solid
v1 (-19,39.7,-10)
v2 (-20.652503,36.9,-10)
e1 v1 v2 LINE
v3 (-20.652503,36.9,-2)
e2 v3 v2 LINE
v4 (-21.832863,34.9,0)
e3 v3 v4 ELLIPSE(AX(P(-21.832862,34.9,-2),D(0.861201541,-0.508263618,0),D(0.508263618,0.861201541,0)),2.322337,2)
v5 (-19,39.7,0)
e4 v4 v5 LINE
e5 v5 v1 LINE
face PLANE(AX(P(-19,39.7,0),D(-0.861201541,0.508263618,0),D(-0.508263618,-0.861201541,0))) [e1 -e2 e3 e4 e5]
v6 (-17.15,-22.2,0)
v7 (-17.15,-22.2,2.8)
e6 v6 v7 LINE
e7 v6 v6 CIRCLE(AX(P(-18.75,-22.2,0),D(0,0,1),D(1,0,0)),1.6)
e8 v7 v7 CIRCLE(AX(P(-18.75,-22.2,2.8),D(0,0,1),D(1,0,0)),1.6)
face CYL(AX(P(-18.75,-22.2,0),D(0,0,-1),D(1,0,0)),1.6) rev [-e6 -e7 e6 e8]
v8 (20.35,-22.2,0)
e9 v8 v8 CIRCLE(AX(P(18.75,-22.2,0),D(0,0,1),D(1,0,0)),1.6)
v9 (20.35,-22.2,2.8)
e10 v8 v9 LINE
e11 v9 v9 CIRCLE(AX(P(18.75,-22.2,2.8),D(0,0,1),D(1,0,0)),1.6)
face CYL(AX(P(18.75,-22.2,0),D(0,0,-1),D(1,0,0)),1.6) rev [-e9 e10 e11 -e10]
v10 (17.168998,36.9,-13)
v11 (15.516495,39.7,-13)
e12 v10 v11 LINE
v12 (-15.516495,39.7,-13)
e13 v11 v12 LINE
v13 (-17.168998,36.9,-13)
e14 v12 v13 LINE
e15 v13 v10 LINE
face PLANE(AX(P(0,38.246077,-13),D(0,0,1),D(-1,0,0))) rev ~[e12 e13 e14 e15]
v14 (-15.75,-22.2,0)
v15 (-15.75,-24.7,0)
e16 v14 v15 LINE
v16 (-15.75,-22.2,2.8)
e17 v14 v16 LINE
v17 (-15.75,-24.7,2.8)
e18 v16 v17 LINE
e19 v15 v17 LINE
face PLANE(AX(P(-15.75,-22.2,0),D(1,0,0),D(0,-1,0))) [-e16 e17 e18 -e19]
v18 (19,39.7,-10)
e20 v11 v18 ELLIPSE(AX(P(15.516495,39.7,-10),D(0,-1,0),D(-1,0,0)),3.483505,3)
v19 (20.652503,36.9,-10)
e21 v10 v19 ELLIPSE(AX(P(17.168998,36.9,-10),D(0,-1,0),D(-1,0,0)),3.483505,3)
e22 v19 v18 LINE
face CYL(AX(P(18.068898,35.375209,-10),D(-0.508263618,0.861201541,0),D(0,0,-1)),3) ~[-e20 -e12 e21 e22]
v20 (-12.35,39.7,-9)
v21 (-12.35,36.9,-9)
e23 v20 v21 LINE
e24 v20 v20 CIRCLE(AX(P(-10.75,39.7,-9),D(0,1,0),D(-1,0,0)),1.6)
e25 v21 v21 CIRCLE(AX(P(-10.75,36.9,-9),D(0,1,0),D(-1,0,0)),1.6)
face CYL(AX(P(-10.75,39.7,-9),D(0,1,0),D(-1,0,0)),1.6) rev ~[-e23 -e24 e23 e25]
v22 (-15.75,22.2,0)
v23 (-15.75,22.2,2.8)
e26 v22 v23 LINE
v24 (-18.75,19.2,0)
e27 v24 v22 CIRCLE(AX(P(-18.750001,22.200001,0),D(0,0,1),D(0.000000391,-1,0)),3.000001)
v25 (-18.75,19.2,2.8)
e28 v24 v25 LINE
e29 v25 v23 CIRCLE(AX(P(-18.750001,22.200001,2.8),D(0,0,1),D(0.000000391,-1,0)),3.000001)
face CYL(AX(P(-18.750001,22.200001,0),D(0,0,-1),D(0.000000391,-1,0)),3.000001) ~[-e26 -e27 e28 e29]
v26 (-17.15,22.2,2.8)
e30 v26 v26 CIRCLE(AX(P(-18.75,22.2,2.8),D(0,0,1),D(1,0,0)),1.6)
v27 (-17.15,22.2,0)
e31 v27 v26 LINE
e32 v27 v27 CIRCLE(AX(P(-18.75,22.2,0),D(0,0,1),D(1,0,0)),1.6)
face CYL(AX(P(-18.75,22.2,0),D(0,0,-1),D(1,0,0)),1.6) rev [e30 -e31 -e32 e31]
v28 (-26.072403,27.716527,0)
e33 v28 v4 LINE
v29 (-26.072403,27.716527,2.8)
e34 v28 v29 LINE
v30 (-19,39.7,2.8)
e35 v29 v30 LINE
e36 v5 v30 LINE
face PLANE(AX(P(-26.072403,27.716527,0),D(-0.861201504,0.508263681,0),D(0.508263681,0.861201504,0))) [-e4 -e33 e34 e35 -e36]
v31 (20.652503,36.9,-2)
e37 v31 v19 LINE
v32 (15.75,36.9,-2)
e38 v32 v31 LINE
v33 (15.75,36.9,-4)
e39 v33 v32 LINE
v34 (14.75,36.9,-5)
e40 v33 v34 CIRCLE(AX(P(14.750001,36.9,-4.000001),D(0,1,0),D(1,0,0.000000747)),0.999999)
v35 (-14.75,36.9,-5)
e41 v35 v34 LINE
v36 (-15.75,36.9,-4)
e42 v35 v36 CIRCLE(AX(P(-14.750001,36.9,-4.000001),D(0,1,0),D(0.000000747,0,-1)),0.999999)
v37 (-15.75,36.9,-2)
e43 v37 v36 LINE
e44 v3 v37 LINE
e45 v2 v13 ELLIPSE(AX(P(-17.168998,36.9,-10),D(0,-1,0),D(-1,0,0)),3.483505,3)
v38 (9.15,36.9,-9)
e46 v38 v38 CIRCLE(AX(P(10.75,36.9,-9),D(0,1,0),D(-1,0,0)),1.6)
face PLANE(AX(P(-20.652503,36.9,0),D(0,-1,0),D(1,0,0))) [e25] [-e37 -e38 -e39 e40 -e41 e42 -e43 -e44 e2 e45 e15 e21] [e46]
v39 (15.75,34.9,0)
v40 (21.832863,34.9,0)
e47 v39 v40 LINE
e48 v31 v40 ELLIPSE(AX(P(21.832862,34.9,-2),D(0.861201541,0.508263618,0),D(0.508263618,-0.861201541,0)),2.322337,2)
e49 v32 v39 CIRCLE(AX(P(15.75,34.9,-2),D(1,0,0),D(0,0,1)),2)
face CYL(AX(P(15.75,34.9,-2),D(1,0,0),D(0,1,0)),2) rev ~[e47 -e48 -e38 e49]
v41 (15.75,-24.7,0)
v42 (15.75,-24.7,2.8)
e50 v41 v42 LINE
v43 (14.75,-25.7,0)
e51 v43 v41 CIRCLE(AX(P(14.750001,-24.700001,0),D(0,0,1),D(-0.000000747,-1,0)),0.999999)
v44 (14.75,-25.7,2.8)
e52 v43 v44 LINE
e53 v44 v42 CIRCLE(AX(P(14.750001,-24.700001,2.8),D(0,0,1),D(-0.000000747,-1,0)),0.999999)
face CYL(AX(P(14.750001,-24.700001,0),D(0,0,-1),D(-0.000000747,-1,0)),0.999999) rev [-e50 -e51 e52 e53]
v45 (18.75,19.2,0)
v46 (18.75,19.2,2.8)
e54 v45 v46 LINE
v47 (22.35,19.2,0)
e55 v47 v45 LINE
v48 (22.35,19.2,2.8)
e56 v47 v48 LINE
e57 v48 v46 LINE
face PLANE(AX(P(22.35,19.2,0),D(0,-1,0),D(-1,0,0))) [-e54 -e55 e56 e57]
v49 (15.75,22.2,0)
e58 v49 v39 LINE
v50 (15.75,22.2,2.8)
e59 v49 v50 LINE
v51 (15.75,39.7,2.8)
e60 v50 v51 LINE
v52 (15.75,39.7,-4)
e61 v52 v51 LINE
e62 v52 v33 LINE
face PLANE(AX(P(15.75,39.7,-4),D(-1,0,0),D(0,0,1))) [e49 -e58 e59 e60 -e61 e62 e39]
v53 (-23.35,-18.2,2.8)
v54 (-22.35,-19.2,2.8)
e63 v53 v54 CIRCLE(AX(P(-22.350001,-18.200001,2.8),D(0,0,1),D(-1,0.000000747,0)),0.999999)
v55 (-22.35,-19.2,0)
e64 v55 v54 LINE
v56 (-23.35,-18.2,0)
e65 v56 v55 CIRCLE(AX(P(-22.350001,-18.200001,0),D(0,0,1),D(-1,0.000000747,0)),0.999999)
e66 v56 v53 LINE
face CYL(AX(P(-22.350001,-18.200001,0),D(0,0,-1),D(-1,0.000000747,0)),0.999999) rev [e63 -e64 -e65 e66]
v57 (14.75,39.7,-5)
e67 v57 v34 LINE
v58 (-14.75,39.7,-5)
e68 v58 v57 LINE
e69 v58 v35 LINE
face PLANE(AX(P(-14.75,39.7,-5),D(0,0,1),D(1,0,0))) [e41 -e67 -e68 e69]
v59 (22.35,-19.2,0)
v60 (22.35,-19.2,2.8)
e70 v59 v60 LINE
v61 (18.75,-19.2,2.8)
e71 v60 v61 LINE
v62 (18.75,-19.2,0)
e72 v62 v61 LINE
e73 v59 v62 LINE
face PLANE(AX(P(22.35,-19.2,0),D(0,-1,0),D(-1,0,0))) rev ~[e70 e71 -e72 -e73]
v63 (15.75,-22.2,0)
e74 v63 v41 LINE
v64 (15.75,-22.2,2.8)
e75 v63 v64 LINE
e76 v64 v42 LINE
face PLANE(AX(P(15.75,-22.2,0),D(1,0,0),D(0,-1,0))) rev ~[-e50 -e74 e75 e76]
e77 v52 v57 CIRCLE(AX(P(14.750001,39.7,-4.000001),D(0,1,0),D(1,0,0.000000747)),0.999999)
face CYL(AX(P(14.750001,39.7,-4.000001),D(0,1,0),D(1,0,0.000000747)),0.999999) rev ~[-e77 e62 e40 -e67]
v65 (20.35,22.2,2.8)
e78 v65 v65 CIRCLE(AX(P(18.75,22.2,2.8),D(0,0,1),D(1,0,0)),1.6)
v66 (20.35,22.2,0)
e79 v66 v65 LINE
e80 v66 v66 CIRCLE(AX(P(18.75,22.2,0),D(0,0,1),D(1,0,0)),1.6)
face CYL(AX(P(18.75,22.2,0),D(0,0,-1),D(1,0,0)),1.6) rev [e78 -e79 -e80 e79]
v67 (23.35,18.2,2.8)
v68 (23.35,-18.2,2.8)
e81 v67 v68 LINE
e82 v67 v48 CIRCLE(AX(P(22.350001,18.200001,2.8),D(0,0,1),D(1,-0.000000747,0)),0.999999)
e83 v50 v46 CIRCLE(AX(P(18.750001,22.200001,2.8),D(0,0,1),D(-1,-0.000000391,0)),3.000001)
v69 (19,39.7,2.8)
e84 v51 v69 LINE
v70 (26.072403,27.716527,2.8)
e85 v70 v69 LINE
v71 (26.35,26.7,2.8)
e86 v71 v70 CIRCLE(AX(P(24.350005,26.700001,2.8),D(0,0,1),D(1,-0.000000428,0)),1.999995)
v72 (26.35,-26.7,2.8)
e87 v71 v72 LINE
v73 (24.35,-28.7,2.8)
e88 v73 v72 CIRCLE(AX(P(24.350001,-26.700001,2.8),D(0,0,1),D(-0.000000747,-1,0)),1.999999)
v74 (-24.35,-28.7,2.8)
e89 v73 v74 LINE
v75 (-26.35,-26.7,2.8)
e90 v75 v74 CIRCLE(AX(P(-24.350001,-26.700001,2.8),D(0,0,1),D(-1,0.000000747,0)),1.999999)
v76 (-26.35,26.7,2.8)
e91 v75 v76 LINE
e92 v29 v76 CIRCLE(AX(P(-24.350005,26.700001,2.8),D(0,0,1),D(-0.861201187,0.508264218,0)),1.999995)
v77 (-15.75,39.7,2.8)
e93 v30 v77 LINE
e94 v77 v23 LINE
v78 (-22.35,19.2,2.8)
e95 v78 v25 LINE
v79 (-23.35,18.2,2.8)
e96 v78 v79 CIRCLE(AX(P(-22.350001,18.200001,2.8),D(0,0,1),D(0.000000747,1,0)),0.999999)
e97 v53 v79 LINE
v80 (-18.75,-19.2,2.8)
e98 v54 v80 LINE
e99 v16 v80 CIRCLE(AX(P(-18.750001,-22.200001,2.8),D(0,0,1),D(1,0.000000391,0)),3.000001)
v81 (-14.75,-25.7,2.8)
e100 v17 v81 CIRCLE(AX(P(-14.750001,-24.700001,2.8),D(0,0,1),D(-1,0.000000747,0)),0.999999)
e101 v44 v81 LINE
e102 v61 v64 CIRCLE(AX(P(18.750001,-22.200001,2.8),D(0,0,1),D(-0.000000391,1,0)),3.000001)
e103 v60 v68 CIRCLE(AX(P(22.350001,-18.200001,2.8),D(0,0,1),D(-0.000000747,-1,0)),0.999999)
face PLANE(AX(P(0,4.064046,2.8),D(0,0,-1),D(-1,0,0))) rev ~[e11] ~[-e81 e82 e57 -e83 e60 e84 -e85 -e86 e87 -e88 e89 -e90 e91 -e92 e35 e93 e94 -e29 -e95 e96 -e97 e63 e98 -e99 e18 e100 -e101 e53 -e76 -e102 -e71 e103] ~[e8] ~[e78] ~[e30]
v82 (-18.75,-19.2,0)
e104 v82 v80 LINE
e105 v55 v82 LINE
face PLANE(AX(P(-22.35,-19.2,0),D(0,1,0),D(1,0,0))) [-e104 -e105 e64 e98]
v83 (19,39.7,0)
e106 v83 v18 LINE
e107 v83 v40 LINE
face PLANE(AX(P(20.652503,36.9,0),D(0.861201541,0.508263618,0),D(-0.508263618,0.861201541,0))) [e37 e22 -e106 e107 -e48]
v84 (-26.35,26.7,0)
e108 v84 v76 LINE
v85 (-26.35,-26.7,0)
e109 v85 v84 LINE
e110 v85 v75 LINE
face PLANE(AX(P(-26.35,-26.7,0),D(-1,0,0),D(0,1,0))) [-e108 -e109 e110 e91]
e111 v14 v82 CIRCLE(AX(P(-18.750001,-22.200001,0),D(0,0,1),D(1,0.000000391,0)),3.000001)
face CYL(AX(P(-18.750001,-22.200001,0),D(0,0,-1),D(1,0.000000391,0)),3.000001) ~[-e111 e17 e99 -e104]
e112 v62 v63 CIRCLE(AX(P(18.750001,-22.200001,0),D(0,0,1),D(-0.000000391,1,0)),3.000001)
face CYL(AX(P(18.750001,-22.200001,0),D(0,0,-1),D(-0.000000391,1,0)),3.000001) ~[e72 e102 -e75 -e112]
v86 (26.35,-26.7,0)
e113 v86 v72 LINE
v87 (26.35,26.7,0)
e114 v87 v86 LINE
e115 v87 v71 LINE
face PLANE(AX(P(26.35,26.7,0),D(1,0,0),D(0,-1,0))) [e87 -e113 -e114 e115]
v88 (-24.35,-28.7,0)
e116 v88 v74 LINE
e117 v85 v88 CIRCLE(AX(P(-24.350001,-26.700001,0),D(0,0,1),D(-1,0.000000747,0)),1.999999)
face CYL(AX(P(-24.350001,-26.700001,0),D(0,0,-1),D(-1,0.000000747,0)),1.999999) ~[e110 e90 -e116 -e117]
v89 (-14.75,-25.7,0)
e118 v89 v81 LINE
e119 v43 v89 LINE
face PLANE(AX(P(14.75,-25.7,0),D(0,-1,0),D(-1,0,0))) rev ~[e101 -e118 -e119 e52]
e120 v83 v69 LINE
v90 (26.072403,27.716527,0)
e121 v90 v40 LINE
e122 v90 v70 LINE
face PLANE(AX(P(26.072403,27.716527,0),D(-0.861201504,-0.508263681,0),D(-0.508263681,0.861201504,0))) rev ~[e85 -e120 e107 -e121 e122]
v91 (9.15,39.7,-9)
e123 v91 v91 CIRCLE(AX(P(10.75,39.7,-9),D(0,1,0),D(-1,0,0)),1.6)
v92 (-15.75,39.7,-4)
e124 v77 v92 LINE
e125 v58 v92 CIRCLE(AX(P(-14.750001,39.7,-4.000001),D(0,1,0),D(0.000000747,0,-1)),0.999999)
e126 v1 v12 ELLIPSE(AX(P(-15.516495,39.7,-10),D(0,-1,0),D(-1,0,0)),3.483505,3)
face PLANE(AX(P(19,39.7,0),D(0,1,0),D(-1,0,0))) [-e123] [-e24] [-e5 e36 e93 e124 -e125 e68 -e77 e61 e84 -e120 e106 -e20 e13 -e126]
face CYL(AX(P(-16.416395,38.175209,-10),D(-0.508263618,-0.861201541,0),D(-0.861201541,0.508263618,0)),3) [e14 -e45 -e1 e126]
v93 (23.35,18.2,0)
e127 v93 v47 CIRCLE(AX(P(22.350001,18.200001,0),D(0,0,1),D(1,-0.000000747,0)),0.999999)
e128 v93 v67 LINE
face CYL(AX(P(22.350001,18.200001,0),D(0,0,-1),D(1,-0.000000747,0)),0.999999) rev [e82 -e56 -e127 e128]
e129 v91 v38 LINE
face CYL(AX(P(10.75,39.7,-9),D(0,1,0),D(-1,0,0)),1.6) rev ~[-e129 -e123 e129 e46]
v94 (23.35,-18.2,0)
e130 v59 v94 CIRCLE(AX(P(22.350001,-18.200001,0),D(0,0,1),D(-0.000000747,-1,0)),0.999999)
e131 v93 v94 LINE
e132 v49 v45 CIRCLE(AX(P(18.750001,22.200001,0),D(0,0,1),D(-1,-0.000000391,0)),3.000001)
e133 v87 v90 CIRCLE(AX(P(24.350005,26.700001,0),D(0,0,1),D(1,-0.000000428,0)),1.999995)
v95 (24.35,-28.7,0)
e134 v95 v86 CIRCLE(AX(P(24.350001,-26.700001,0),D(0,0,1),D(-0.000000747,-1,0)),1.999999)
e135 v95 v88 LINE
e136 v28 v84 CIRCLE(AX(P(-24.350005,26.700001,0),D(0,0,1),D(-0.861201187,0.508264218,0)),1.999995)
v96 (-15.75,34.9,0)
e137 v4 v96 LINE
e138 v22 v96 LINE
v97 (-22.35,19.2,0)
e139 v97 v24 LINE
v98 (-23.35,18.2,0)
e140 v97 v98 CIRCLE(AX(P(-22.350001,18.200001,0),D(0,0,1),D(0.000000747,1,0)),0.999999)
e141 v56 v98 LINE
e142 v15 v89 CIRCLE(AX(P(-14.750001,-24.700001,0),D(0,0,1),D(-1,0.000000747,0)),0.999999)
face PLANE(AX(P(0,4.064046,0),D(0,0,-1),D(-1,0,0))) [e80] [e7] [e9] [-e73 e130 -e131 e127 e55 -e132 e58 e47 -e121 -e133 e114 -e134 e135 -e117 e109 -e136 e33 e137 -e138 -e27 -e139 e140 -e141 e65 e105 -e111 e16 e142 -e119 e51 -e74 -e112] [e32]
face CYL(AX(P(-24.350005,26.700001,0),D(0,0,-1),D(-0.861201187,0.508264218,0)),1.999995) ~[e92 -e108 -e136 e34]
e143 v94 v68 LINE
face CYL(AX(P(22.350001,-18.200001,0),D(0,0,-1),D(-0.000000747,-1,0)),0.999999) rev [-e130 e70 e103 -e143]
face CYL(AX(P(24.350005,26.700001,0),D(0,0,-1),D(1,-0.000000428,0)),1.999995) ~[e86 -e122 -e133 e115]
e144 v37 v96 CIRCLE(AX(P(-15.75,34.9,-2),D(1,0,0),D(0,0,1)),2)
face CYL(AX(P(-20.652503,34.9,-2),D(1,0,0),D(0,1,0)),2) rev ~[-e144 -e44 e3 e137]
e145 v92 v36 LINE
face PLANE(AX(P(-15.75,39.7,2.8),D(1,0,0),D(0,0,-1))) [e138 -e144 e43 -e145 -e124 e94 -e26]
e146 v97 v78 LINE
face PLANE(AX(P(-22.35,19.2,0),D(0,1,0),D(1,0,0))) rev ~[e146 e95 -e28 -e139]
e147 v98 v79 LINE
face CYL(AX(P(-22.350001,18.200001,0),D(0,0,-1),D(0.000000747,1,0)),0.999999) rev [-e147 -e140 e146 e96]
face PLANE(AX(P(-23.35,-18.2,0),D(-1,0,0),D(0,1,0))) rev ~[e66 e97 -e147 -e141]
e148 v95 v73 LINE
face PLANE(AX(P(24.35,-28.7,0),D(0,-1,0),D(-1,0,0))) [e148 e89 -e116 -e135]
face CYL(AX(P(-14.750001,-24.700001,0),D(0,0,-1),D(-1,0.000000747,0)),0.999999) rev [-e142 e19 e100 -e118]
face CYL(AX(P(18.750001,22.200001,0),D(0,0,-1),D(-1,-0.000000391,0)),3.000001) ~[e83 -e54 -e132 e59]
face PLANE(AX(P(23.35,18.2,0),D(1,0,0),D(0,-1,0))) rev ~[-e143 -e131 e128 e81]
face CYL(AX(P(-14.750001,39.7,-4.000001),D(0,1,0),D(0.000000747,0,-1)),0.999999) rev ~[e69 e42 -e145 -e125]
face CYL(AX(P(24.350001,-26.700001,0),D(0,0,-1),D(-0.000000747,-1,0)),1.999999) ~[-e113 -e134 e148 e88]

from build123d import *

# Parameters (mm, degrees)
SKETCH_R     = 1.6
PAD_DEPTH    = 2.8
PAD001_DEPTH = 13
FILLET_R     = 2
SKETCH002_R  = 1.6
HOLE_DEPTH   = 68.401
FILLET001_R  = 3
POCKET_DEPTH = 2.8


with BuildPart() as part:
    # Sketch → Pad (new body)
    with BuildSketch(Plane.XY):
        with BuildLine():
            Line((26.35, 26.7), (26.35, -26.7))
            ThreePointArc((24.35, -28.7), (25.764214, -28.114214), (26.35, -26.7))
            Line((24.35, -28.7), (-24.35, -28.7))
            ThreePointArc((-26.35, -26.7), (-25.764214, -28.114214), (-24.35, -28.7))
            Line((-26.35, -26.7), (-26.35, 26.7))
            ThreePointArc((-26.072403, 27.716527), (-26.279353, 27.226875), (-26.35, 26.7))
            Line((-26.072403, 27.716527), (-19, 39.7))
            Line((-19, 39.7), (19, 39.7))
            Line((26.072403, 27.716527), (19, 39.7))
            ThreePointArc((26.35, 26.7), (26.279353, 27.226875), (26.072403, 27.716527))
        make_face()
        with Locations((-18.75, -22.2)):
            Circle(SKETCH_R, mode=Mode.SUBTRACT)
        with Locations((18.75, -22.2)):
            Circle(SKETCH_R, mode=Mode.SUBTRACT)
        with Locations((18.75, 22.2)):
            Circle(SKETCH_R, mode=Mode.SUBTRACT)
        with Locations((-18.75, 22.2)):
            Circle(SKETCH_R, mode=Mode.SUBTRACT)
        with BuildLine():
            Line((-15.75, 36.9), (15.75, 36.9))
            Line((15.75, 22.2), (15.75, 36.9))
            ThreePointArc((15.75, 22.2), (16.62868, 20.07868), (18.75, 19.2))
            Line((22.35, 19.2), (18.75, 19.2))
            ThreePointArc((23.35, 18.2), (23.057107, 18.907107), (22.35, 19.2))
            Line((23.35, 18.2), (23.35, -18.2))
            ThreePointArc((22.35, -19.2), (23.057107, -18.907107), (23.35, -18.2))
            Line((22.35, -19.2), (18.75, -19.2))
            ThreePointArc((18.75, -19.2), (16.62868, -20.07868), (15.75, -22.2))
            Line((15.75, -22.2), (15.75, -24.7))
            ThreePointArc((14.75, -25.7), (15.457107, -25.407107), (15.75, -24.7))
            Line((14.75, -25.7), (-14.75, -25.7))
            ThreePointArc((-15.75, -24.7), (-15.457107, -25.407107), (-14.75, -25.7))
            Line((-15.75, -22.2), (-15.75, -24.7))
            ThreePointArc((-15.75, -22.2), (-16.62868, -20.07868), (-18.75, -19.2))
            Line((-22.35, -19.2), (-18.75, -19.2))
            ThreePointArc((-23.35, -18.2), (-23.057107, -18.907107), (-22.35, -19.2))
            Line((-23.35, -18.2), (-23.35, 18.2))
            ThreePointArc((-22.35, 19.2), (-23.057107, 18.907107), (-23.35, 18.2))
            Line((-22.35, 19.2), (-18.75, 19.2))
            ThreePointArc((-18.75, 19.2), (-16.62868, 20.07868), (-15.75, 22.2))
            Line((-15.75, 22.2), (-15.75, 36.9))
        make_face(mode=Mode.SUBTRACT)
    extrude(amount=PAD_DEPTH)

    # Sketch001 (on Face37 of Pad) → Pad001 (join)
    with BuildSketch(Plane(origin=(0, 0, 0), x_dir=(1, 0, 0), z_dir=(0, 0, -1))):
        Polygon((-20.652503, -36.9), (20.652503, -36.9), (19, -39.7), (-19, -39.7), align=None)
    extrude(amount=PAD001_DEPTH)

    # Fillet
    fillet_edges = [part.edges().sort_by_distance(p)[0] for p in [
        (-18.201252, 36.9, 0),
        (18.201252, 36.9, 0),
    ]]
    fillet(fillet_edges, radius=FILLET_R)

    # Sketch002 (on Face45 of Fillet) → Hole (cut, through all)
    with BuildSketch(Plane(origin=(0, 39.7, 0), x_dir=(-1, 0, 0), z_dir=(0, 1, 0))):
        with Locations((-10.75, -9)):
            Circle(SKETCH002_R)
        with Locations((10.75, -9)):
            Circle(SKETCH002_R)
    extrude(amount=-HOLE_DEPTH, mode=Mode.SUBTRACT)

    # Fillet001
    fillet001_edges = [part.edges().sort_by_distance(p)[0] for p in [
        (-19.826252, 38.3, -13),
        (19.826252, 38.3, -13),
    ]]
    fillet(fillet001_edges, radius=FILLET001_R)

    # Sketch003 (on Face5 of Fillet001) → Pocket (cut)
    with BuildSketch(Plane(origin=(0, 39.7, 0), x_dir=(-1, 0, 0), z_dir=(0, 1, 0))):
        with BuildLine():
            Line((-15.75, 2.8), (15.75, 2.8))
            Line((15.75, 2.8), (15.75, -4))
            ThreePointArc((14.75, -5), (15.457107, -4.707107), (15.75, -4))
            Line((14.75, -5), (-14.75, -5))
            ThreePointArc((-15.75, -4), (-15.457107, -4.707107), (-14.75, -5))
            Line((-15.75, -4), (-15.75, 2.8))
        make_face()
    extrude(amount=-POCKET_DEPTH, mode=Mode.SUBTRACT)


solid = part.part
